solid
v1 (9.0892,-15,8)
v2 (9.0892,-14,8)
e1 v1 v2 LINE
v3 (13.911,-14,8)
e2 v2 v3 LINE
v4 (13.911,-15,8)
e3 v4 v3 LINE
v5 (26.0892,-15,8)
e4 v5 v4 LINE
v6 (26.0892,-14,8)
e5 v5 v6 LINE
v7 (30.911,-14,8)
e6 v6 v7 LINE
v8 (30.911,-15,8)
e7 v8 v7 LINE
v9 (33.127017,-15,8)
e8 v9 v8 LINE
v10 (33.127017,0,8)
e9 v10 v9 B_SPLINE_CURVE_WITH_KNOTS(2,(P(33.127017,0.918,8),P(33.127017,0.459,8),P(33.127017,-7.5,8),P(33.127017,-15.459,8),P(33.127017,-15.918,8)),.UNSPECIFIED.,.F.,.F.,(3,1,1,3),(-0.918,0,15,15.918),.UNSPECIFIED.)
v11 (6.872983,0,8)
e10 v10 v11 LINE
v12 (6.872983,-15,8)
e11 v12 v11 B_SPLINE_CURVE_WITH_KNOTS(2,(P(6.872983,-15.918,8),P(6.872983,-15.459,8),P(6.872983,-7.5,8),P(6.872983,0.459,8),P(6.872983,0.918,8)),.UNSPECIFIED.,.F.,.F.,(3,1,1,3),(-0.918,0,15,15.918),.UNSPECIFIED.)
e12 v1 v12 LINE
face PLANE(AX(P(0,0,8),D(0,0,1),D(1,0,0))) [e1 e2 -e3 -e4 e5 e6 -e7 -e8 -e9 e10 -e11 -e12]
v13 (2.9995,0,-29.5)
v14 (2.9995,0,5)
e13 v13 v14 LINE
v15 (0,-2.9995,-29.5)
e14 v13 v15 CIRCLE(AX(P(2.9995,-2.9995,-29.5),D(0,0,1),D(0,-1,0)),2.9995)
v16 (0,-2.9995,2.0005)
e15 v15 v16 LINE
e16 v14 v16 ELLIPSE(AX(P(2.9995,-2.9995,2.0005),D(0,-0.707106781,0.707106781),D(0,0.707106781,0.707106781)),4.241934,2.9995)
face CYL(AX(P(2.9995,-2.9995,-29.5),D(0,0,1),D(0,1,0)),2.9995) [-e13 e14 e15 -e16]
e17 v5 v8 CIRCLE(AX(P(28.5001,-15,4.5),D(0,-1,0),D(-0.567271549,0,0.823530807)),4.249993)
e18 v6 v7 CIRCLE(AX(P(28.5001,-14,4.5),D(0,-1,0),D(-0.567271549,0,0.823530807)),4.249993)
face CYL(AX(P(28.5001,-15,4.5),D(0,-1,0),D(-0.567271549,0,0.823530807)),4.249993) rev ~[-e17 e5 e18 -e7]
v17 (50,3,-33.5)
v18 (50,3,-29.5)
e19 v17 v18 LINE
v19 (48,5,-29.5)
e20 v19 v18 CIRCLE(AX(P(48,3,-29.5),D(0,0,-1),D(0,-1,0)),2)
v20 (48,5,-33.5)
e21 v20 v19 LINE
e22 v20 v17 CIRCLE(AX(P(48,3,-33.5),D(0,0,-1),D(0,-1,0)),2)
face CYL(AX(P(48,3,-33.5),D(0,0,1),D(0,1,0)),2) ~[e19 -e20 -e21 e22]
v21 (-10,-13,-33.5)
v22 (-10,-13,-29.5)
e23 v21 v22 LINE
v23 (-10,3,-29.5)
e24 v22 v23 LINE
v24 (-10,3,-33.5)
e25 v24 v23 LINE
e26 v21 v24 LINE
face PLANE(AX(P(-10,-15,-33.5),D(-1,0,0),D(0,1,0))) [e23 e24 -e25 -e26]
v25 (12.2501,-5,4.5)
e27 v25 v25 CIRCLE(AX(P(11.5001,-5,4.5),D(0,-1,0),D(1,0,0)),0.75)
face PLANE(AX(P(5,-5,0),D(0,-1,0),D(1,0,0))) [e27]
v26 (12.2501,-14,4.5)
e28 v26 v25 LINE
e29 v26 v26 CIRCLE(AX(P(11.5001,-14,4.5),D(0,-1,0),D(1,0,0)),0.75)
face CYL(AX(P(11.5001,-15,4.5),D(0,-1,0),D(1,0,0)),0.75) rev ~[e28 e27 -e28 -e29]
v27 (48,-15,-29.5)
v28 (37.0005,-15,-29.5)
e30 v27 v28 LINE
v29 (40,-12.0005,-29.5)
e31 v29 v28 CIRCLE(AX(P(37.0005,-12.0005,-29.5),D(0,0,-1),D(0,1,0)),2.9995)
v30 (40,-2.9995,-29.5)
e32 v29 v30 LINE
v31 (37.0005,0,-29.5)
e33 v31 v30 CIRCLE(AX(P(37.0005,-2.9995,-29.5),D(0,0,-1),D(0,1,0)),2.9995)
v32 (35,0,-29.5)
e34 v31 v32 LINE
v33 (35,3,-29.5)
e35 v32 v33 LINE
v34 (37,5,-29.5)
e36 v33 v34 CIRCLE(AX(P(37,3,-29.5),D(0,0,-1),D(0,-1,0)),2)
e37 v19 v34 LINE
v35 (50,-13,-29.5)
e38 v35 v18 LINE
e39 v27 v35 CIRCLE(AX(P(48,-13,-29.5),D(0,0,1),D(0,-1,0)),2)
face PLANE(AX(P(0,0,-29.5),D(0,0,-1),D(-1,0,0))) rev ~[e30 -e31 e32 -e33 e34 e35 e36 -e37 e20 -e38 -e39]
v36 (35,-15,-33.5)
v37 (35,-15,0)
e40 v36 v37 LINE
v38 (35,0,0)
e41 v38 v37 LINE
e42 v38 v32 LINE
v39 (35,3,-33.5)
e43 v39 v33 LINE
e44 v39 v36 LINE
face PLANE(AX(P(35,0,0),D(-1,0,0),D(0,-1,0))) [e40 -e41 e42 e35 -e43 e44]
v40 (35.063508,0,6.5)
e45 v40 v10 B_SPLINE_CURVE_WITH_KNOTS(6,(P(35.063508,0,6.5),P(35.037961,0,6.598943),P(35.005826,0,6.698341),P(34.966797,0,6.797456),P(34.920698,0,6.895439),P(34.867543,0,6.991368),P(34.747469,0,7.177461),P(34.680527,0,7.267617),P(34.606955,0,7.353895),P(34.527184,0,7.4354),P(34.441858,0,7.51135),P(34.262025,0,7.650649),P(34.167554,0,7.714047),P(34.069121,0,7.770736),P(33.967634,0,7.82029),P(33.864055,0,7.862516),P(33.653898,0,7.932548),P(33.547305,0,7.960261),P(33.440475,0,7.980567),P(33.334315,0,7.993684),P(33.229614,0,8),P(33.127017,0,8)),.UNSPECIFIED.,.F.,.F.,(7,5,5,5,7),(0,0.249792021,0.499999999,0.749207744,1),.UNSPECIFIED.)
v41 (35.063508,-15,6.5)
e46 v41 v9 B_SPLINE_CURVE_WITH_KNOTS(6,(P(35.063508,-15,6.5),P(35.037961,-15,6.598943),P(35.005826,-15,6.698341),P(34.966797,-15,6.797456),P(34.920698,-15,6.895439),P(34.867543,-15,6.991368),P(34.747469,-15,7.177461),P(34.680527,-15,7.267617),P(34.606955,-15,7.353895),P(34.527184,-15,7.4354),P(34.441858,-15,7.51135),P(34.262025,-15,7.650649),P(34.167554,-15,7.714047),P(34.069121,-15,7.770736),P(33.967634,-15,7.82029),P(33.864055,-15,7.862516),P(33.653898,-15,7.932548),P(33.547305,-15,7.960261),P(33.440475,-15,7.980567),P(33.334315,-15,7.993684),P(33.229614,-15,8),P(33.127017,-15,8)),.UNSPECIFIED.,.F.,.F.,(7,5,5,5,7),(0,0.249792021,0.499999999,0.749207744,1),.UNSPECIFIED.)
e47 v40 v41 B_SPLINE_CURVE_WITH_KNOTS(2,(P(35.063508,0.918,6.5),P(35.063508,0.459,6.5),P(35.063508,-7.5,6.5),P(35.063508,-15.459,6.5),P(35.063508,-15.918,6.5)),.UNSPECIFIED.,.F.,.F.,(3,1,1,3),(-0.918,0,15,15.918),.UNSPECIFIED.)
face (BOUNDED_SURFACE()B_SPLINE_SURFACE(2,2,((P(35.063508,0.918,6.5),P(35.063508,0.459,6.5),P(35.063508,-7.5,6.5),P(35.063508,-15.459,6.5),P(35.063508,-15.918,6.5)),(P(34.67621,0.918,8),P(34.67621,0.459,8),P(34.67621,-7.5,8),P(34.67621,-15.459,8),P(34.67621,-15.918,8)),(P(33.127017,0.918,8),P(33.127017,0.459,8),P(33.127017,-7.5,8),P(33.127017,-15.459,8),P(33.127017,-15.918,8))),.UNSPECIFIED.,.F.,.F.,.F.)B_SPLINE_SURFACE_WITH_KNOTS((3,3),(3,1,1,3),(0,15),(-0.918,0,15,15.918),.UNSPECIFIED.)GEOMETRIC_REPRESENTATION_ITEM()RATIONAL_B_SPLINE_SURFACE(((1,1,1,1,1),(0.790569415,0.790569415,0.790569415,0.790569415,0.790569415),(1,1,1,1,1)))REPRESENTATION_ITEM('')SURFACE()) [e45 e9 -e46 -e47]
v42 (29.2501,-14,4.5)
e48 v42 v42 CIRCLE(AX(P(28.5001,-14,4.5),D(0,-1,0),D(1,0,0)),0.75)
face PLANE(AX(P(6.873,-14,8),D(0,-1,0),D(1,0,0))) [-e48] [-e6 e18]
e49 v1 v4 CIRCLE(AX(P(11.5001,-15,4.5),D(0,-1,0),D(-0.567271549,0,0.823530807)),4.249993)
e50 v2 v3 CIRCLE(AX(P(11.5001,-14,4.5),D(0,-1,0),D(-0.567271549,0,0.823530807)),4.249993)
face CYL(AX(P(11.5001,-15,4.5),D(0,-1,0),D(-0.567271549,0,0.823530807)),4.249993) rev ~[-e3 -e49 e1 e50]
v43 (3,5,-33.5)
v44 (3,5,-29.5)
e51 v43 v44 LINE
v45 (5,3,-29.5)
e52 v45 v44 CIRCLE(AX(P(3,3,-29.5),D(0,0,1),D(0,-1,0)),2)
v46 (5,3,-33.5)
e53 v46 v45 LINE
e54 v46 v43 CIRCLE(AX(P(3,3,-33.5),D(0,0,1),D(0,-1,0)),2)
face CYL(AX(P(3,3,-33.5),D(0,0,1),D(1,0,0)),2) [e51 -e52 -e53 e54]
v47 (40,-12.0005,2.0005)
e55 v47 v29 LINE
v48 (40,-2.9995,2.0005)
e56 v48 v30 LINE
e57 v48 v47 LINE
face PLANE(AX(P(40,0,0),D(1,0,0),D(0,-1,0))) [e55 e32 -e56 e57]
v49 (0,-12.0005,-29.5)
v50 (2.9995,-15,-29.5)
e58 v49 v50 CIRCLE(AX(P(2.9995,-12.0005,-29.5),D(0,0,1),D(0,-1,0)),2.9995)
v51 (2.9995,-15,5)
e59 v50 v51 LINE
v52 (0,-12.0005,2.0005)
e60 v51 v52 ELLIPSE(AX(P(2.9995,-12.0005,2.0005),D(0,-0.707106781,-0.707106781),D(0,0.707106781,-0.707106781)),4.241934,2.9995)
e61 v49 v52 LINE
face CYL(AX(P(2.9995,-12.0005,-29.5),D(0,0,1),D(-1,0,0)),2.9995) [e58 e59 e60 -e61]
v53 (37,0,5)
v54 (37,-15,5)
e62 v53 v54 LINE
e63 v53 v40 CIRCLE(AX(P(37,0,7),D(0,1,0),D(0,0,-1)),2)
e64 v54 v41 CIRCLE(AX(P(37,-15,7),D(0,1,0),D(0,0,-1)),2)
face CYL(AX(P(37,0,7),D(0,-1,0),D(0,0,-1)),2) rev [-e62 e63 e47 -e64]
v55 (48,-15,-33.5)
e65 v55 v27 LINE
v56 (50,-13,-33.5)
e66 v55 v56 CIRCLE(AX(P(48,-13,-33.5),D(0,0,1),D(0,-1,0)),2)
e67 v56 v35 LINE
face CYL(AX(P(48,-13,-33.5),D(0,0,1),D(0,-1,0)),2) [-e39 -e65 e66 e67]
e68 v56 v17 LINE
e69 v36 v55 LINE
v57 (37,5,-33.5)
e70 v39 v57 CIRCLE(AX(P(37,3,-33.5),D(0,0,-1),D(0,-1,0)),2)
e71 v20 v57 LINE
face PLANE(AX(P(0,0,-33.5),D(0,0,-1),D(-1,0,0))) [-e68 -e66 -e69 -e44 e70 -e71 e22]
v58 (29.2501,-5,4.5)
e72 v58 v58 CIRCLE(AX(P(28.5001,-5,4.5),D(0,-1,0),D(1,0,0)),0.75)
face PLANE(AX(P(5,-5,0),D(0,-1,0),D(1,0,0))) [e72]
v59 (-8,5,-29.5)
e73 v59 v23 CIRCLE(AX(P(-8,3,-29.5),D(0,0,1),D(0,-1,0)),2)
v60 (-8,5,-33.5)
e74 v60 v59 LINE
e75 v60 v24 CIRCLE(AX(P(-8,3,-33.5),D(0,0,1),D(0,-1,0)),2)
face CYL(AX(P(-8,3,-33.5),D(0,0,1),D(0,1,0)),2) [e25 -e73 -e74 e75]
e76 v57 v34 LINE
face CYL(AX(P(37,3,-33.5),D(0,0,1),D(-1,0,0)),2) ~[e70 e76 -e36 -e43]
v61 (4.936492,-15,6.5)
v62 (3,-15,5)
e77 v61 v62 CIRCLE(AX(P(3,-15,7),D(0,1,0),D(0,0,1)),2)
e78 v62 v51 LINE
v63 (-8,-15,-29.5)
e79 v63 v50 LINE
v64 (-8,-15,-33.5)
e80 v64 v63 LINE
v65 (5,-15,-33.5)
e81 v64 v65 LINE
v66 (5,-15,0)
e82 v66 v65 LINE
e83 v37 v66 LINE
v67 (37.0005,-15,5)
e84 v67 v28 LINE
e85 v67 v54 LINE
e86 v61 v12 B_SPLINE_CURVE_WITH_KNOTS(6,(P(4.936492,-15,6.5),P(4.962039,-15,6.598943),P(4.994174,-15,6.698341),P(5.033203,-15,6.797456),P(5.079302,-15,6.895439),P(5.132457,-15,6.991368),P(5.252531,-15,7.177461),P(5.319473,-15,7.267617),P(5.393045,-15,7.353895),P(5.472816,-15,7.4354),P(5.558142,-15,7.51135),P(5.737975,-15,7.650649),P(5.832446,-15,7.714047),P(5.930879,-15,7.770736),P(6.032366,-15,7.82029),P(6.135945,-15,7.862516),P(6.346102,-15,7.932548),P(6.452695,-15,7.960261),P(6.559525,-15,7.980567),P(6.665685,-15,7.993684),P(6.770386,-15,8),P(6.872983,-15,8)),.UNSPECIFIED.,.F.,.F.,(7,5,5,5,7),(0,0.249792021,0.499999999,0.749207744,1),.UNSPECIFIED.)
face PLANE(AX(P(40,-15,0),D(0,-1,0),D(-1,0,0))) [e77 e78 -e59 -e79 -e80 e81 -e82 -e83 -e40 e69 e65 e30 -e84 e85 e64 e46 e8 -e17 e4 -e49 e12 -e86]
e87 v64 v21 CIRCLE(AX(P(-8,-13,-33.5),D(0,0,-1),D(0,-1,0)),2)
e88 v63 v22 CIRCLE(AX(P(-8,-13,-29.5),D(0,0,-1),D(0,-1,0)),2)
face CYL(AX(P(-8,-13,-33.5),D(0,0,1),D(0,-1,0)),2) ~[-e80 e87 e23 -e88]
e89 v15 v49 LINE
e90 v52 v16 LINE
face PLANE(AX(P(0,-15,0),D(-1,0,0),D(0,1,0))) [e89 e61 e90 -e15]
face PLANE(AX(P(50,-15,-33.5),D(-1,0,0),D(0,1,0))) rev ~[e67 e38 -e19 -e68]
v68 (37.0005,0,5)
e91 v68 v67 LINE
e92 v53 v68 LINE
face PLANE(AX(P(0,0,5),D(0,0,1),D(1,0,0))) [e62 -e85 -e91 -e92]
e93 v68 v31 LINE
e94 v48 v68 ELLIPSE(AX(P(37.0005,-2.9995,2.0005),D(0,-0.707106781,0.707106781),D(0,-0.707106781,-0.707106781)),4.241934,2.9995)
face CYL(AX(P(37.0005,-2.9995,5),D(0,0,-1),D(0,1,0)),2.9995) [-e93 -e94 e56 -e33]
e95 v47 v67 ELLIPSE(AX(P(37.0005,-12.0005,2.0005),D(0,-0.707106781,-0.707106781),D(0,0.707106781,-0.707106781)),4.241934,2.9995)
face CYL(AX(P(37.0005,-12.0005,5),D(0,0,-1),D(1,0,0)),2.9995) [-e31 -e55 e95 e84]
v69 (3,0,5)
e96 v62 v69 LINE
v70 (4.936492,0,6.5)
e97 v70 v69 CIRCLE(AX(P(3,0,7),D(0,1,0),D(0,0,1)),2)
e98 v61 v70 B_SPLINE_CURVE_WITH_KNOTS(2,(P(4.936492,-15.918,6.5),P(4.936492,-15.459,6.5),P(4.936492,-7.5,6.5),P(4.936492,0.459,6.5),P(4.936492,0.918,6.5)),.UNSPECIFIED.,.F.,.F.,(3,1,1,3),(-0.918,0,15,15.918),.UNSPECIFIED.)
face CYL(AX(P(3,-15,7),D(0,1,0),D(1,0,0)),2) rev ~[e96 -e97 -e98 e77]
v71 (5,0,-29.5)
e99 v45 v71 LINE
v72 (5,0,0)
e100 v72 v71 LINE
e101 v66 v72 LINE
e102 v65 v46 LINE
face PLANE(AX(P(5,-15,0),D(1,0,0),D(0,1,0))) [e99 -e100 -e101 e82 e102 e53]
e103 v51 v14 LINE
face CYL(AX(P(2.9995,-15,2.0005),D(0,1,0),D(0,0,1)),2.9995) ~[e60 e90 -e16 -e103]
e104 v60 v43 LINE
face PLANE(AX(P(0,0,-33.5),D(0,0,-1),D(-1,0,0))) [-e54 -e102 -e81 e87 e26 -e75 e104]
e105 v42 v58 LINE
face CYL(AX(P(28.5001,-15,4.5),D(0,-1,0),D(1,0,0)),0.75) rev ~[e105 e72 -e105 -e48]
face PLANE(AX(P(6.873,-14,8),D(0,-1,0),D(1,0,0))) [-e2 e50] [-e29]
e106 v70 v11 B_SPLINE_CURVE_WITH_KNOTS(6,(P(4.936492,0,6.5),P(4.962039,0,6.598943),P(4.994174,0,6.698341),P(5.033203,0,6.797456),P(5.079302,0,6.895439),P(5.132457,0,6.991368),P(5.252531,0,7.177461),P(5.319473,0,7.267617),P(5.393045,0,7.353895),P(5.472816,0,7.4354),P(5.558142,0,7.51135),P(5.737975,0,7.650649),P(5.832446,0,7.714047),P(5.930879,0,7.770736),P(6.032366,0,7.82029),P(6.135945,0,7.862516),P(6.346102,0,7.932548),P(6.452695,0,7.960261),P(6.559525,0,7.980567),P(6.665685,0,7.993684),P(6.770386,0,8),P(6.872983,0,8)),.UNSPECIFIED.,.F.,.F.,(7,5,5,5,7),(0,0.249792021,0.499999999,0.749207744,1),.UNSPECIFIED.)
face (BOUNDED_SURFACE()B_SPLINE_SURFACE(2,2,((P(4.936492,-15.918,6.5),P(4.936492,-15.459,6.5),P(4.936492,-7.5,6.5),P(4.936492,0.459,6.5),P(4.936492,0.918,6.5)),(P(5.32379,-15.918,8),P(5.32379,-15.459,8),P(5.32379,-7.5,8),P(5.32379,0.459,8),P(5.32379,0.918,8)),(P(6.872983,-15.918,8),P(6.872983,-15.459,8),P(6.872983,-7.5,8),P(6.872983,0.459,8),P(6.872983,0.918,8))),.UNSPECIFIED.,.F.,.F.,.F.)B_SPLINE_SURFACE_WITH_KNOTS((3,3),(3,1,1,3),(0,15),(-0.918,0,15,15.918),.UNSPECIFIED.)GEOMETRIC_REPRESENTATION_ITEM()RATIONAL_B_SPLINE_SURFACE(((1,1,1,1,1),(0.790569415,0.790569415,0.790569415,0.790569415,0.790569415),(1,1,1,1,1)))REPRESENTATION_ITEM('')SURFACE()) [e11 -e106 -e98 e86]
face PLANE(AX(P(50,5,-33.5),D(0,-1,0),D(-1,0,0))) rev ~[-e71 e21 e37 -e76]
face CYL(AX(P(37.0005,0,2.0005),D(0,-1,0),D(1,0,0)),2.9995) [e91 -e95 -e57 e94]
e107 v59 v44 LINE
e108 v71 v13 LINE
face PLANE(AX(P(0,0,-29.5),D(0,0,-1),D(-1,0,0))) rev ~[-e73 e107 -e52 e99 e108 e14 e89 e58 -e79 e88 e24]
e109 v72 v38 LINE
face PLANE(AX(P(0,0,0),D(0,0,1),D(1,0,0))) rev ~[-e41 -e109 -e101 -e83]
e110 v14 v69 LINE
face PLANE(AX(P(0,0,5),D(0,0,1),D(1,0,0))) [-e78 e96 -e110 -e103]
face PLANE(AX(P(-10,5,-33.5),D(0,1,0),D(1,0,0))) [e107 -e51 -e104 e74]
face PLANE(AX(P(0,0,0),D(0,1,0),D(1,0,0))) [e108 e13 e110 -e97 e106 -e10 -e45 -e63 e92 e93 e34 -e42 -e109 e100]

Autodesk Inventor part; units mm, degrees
ref_plane "YZ Plane" through (0, 0, 0) normal (1, 0, 0) x (0, 1, 0)
ref_plane "XZ Plane" through (0, 0, 0) normal (0, 1, 0) x (-1, 0, 0)
ref_plane "XY Plane" through (0, 0, 0) normal (0, 0, 1) x (1, 0, 0)
sketch "Sketch1" plane through (0, 0, 0) normal (0, 0, 1) x (1, 0, 0)
  line L0 (0, 0) -> (40, 0)
  line L1 (40, 0) -> (40, -15)
  line L2 (40, -15) -> (0, -15)
  line L3 (0, -15) -> (0, 0)
  dimension "d0" = 40
  dimension "d1" = 15
extrude "Extrusion1" add sketch "Sketch1" along normal blind 5
sketch "Sketch2" plane through (0, 0, 5) normal (0, 0, 1) x (1, 0, 0)
  line L0 (40, 0) -> (0, 0) projected
  line L1 (5, 0) -> (35, 0)
  line L2 (35, 0) -> (35, -15)
  line L3 (35, -15) -> (5, -15)
  line L4 (5, -15) -> (5, 0)
  line L5 (0, 0) -> (0, -15) projected
  dimension "d4" = 30
  dimension "d5" = 15
  dimension "d6" = 5
extrude "Extrusion2" add sketch "Sketch2" along normal blind 3
fillet "Fillet1" radius 2 4 edges at (35, -7.5, 5) (35, -7.5, 8) (5, -7.5, 5) (5, -7.5, 8)
sketch "Sketch3" plane through (0, 0, 0) normal (0, 0, -1) x (-1, 0, 0)
  line L0 (0, 0) -> (0, -15) projected
  line L1 (-40, 0) -> (0, 0) projected
  line L2 (0, -15) -> (-5, -15)
  line L3 (-5, -15) -> (-5, 0)
  line L4 (-5, 0) -> (0, 0)
  line L5 (0, 0) -> (0, -15)
  line L6 (-40, -15) -> (-40, 0) projected
  line L7 (0, -15) -> (-40, -15) projected
  line L8 (-40, 0) -> (-35, 0)
  line L9 (-35, 0) -> (-35, -15)
  line L10 (-35, -15) -> (-40, -15)
  line L11 (-40, -15) -> (-40, 0)
  dimension "d10" = 5
  dimension "d11" = 5
extrude "Extrusion3" add sketch "Sketch3" along normal blind 33.5 contours L0 L2 L3 L1 | L9 L7 L6 L1
sketch "Sketch4" plane through (0, 0, -33.5) normal (0, 0, -1) x (-1, 0, 0)
  line L0 (-35, 0) -> (-35, -15) projected
  line L1 (-35, -15) -> (-50, -15)
  line L2 (-50, -15) -> (-50, 5)
  line L3 (-50, 5) -> (-35, 5)
  line L4 (-35, 5) -> (-35, -15)
  line L5 (-5, -15) -> (-35, -15) projected
  line L6 (-5, -15) -> (10, -15)
  line L7 (10, -15) -> (10, 5)
  line L8 (10, 5) -> (-5, 5)
  line L9 (-5, 5) -> (-5, -15)
  point P0 (-4.9365, 0)
  dimension "d18" = 15
  dimension "d19" = 20
  dimension "d20" = 15
extrude "Extrusion4" add sketch "Sketch4" against normal blind 4
fillet "Fillet2" radius 3 6 edges at (0, 0, -12.25) (0, -7.5, 5) (0, -15, -12.25) (40, -15, -12.25) (40, -7.5, 5) (40, 0, -12.25)
fillet "Fillet3" radius 2 6 edges at (-10, 5, -31.5) (5, 5, -31.5) (-10, -15, -31.5) (35, 5, -31.5) (50, 5, -31.5) (50, -15, -31.5)
sketch "Sketch5" plane through (6.873, -15, 8) normal (0, -1, 0) x (1, 0, 0)
  arc A0 (2.2162, 0) -> (7.038, 0) centre (4.6271, -3.5) ccw
  arc A1 (19.2162, 0) -> (24.038, 0) centre (21.6271, -3.5) ccw
  line L0 (-1.8729, -41.5) -> (-14.8729, -41.5)
  line L1 (-14.8729, -37.5) -> (-3.8729, -37.5)
  line L2 (-16.8729, -37.5) -> (-16.8729, -41.5)
  line L3 (-6.8729, -6) -> (-6.8729, -37.5)
  arc A2 (0.0001, 0) -> (-1.9364, -1.5) centre (0.0001, -2) ccw
  arc A3 (-3.8729, -3) -> (-1.9364, -1.5) centre (-3.8729, -1) ccw
  arc A4 (-3.8729, -3) -> (-6.8729, -6) centre (-3.8729, -6) ccw
  line L4 (0, 0) -> (26.254, 0) projected
  point P0 (-6.873, -8)
  point P1 (-1.8729, -43)
extrude "Extrusion5" cut sketch "Sketch5" against normal blind 1
sketch "Sketch6" plane through (5, -15, 0) normal (0, -1, 0) x (1, 0, 0)
  arc A0 (21.0892, 8) -> (25.911, 8) centre (23.5001, 4.5) ccw projected
  circle A1 centre (23.5001, 4.5) radius 0.75
  arc A2 (4.0892, 8) -> (8.911, 8) centre (6.5001, 4.5) ccw projected
  circle A3 centre (6.5001, 4.5) radius 0.75
  point P0 (-5, 0)
  dimension "d27" = 1.5
  dimension "d28" = 1.5
extrude "Extrusion6" cut sketch "Sketch6" against normal blind 10
properties part number "podstawa 01-3"
